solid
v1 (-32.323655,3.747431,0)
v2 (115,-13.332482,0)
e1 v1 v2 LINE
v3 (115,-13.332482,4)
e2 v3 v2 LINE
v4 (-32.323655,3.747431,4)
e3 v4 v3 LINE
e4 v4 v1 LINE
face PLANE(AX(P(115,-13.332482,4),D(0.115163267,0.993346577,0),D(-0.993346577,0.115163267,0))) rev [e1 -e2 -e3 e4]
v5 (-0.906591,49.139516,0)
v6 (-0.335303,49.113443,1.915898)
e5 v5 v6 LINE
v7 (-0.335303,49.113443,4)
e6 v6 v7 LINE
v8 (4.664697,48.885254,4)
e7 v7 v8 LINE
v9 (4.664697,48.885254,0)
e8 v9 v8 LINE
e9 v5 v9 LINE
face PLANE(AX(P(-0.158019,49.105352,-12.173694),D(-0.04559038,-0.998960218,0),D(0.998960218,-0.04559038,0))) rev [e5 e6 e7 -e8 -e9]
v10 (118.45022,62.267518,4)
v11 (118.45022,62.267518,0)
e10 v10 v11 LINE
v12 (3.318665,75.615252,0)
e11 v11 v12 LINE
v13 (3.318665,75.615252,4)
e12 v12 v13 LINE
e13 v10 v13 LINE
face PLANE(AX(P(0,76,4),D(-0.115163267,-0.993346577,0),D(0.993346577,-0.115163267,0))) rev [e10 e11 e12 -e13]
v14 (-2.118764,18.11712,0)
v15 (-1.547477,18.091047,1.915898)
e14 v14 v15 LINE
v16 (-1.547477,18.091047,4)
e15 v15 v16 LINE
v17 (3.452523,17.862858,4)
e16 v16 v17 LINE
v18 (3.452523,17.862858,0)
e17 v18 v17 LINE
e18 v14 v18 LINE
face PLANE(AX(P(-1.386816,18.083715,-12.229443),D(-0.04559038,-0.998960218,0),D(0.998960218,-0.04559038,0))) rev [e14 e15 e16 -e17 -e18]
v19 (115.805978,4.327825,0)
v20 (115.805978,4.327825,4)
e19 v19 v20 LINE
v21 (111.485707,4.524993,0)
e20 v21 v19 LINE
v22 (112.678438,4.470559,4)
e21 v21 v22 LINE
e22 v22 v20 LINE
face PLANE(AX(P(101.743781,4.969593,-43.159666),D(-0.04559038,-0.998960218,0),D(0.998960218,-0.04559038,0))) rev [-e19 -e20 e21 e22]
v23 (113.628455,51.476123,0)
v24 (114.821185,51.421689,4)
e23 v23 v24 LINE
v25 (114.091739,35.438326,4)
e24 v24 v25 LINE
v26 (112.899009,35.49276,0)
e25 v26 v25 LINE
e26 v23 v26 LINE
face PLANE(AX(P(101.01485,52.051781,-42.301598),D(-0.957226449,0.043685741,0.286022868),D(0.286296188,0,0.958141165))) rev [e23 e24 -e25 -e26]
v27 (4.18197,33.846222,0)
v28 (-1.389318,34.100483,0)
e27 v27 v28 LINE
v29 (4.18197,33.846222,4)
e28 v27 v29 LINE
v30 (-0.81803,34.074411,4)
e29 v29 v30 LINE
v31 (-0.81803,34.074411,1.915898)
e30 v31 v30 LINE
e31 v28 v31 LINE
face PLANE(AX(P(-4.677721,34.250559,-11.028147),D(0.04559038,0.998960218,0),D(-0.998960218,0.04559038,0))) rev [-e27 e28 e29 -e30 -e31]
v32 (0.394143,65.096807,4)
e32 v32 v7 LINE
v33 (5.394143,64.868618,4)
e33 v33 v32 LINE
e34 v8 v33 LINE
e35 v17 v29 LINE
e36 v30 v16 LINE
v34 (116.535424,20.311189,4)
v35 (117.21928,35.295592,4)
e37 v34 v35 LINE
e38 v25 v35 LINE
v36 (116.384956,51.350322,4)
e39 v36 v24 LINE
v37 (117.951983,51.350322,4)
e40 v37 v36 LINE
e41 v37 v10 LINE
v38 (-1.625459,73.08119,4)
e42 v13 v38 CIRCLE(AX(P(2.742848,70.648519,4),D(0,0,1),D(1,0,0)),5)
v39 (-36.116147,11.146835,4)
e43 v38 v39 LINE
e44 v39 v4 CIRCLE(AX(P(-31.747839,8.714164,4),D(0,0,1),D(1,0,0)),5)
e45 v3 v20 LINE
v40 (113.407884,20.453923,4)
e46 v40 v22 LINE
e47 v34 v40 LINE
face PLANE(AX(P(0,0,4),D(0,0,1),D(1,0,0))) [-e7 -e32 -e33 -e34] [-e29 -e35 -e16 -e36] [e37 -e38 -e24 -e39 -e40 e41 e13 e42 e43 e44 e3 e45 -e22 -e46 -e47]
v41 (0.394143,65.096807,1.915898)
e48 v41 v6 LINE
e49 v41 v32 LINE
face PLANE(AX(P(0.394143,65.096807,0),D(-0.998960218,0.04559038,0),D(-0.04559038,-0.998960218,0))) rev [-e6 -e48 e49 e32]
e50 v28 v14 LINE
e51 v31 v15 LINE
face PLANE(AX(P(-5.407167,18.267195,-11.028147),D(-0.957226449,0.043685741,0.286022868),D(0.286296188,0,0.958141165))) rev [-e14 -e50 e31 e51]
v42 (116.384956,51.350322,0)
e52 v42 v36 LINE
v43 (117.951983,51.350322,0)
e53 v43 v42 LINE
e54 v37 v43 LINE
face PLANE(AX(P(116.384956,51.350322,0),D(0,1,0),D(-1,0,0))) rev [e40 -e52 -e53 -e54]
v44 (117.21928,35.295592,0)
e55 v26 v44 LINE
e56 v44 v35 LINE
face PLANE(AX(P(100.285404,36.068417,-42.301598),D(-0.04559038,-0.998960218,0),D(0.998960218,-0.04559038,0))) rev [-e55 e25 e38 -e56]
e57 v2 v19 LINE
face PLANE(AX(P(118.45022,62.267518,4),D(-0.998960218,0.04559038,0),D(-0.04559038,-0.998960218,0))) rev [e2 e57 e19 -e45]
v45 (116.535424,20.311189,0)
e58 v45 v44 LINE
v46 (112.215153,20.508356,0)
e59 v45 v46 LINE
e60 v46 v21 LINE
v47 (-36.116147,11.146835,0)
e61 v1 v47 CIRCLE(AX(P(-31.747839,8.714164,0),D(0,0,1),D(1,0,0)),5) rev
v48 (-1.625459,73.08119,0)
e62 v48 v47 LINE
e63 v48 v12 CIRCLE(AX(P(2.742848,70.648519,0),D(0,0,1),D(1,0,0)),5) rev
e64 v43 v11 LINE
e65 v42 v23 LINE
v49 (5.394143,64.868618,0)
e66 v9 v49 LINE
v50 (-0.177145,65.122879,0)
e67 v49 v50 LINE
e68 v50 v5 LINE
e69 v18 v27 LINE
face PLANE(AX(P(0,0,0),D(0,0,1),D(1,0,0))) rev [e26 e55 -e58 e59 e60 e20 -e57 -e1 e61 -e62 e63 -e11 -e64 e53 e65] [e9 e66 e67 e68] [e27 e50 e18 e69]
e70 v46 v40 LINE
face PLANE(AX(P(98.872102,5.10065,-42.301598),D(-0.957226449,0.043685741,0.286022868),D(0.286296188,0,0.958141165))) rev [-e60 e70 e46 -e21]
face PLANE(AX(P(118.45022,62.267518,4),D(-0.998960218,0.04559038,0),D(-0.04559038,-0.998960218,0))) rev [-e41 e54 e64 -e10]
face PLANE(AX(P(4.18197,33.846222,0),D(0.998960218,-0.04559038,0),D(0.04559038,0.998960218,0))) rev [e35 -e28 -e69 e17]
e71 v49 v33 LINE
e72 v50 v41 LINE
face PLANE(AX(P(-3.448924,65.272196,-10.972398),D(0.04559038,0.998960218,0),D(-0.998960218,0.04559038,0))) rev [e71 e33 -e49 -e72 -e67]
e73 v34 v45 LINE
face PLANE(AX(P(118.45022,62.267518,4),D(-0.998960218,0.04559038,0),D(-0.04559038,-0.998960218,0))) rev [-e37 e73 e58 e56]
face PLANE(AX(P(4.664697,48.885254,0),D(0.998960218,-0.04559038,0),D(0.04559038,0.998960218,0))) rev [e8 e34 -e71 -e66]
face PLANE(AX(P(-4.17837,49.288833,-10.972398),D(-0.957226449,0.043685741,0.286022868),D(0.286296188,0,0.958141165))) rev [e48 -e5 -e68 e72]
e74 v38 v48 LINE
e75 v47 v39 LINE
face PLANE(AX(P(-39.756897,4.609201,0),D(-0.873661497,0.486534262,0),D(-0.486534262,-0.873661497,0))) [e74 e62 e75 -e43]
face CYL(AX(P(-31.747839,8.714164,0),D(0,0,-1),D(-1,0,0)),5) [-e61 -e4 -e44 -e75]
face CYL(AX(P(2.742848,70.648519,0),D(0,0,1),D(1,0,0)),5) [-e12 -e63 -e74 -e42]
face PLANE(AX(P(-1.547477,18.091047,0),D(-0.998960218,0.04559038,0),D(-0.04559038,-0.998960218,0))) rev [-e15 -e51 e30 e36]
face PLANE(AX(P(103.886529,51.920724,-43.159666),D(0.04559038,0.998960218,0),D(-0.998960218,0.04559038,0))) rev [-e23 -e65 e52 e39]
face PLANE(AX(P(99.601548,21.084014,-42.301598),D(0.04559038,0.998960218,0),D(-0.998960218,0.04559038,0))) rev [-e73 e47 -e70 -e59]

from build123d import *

# Parameters (mm, degrees)
RESSALTO_EXTRUS_O1_DEPTH = 4
RESSALTO_EXTRUS_O5_DEPTH = 4
ESBO_O15_W               = 16
ESBO_O15_H               = 4.2
ESBO_O15_H_2             = 3
CORTE_EXTRUS_O2_DEPTH    = 137.905868833
CORTE_EXTRUS_O3_DEPTH    = 141.792239382
FILETE1_R                = 5
CORTE_EXTRUS_O4_DEPTH    = 141.602820342


with BuildPart() as part:
    # Esboço1 → Ressalto-extrusão1 (new body)
    with BuildSketch(Plane.XY):
        Polygon((0, 0), (0, 76), (118.45022022, 62.267517703), (115, -13.332482297), align=None)
    extrude(amount=RESSALTO_EXTRUS_O1_DEPTH)

    # Esboço13 → Ressalto-extrusão5 (add)
    with BuildSketch(Plane.XY.offset(4)):
        Polygon((0, 0), (-39.756896509, 4.609201034), (0, 76), align=None)
    extrude(amount=-RESSALTO_EXTRUS_O5_DEPTH)

    # Esboço15 → Corte-extrusão2 (cut, through all)
    with BuildSketch(Plane(origin=(10.533319004, -0.48071786, 35.325049871), x_dir=(0.045590380198121984, 0.9989602180434368, 0), z_dir=(0.28572546626048706, -0.013039891282772654, 0.9582227920298917))):
        with Locations((57.047089405, 0.914508914)):
            Rectangle(ESBO_O15_W, ESBO_O15_H)
        with Locations((26.001686631, 0.719596914)):
            Rectangle(ESBO_O15_W, ESBO_O15_H)
        with Locations((48.602963636, -108.019389568)):
            Rectangle(ESBO_O15_W, ESBO_O15_H_2)
        with Locations((17.602963636, -108.019389568)):
            Rectangle(ESBO_O15_W, ESBO_O15_H_2)
    extrude(amount=-CORTE_EXTRUS_O2_DEPTH, mode=Mode.SUBTRACT)

    # Esboço16 → Corte-extrusão3 (cut, through all)
    with BuildSketch(Plane.XY.offset(4)):
        Polygon((116.384955754, 51.350322393), (121.395369813, 51.350322393), (120.655509671, 35.138769736), (115.655509671, 35.366958904), align=None)
        Polygon((114.971653968, 20.382555633), (118.971653968, 20.200004299), (118.242207885, 4.21664081), (114.242207885, 4.399192144), align=None)
    extrude(amount=-CORTE_EXTRUS_O3_DEPTH, mode=Mode.SUBTRACT)

    # Filete1
    filete1_edges = [part.edges().sort_by_distance(p)[0] for p in [
        (-39.756896509, 4.609201034, 2),
        (0, 76, 2),
    ]]
    fillet(filete1_edges, radius=FILETE1_R)

    # Esboço19 → Corte-extrusão4 (cut, through all)
    with BuildSketch(Plane.XY.offset(4)):
        Polygon((5.394142853, 64.868617599), (0.394142853, 65.096806767), (-0.33530323, 49.113443279), (4.66469677, 48.885254111), align=None)
        Polygon((4.181969533, 33.84622174), (3.45252345, 17.862858252), (-1.54747655, 18.091047419), (-0.818030467, 34.074410908), align=None)
    extrude(amount=-CORTE_EXTRUS_O4_DEPTH, mode=Mode.SUBTRACT)


solid = part.part
